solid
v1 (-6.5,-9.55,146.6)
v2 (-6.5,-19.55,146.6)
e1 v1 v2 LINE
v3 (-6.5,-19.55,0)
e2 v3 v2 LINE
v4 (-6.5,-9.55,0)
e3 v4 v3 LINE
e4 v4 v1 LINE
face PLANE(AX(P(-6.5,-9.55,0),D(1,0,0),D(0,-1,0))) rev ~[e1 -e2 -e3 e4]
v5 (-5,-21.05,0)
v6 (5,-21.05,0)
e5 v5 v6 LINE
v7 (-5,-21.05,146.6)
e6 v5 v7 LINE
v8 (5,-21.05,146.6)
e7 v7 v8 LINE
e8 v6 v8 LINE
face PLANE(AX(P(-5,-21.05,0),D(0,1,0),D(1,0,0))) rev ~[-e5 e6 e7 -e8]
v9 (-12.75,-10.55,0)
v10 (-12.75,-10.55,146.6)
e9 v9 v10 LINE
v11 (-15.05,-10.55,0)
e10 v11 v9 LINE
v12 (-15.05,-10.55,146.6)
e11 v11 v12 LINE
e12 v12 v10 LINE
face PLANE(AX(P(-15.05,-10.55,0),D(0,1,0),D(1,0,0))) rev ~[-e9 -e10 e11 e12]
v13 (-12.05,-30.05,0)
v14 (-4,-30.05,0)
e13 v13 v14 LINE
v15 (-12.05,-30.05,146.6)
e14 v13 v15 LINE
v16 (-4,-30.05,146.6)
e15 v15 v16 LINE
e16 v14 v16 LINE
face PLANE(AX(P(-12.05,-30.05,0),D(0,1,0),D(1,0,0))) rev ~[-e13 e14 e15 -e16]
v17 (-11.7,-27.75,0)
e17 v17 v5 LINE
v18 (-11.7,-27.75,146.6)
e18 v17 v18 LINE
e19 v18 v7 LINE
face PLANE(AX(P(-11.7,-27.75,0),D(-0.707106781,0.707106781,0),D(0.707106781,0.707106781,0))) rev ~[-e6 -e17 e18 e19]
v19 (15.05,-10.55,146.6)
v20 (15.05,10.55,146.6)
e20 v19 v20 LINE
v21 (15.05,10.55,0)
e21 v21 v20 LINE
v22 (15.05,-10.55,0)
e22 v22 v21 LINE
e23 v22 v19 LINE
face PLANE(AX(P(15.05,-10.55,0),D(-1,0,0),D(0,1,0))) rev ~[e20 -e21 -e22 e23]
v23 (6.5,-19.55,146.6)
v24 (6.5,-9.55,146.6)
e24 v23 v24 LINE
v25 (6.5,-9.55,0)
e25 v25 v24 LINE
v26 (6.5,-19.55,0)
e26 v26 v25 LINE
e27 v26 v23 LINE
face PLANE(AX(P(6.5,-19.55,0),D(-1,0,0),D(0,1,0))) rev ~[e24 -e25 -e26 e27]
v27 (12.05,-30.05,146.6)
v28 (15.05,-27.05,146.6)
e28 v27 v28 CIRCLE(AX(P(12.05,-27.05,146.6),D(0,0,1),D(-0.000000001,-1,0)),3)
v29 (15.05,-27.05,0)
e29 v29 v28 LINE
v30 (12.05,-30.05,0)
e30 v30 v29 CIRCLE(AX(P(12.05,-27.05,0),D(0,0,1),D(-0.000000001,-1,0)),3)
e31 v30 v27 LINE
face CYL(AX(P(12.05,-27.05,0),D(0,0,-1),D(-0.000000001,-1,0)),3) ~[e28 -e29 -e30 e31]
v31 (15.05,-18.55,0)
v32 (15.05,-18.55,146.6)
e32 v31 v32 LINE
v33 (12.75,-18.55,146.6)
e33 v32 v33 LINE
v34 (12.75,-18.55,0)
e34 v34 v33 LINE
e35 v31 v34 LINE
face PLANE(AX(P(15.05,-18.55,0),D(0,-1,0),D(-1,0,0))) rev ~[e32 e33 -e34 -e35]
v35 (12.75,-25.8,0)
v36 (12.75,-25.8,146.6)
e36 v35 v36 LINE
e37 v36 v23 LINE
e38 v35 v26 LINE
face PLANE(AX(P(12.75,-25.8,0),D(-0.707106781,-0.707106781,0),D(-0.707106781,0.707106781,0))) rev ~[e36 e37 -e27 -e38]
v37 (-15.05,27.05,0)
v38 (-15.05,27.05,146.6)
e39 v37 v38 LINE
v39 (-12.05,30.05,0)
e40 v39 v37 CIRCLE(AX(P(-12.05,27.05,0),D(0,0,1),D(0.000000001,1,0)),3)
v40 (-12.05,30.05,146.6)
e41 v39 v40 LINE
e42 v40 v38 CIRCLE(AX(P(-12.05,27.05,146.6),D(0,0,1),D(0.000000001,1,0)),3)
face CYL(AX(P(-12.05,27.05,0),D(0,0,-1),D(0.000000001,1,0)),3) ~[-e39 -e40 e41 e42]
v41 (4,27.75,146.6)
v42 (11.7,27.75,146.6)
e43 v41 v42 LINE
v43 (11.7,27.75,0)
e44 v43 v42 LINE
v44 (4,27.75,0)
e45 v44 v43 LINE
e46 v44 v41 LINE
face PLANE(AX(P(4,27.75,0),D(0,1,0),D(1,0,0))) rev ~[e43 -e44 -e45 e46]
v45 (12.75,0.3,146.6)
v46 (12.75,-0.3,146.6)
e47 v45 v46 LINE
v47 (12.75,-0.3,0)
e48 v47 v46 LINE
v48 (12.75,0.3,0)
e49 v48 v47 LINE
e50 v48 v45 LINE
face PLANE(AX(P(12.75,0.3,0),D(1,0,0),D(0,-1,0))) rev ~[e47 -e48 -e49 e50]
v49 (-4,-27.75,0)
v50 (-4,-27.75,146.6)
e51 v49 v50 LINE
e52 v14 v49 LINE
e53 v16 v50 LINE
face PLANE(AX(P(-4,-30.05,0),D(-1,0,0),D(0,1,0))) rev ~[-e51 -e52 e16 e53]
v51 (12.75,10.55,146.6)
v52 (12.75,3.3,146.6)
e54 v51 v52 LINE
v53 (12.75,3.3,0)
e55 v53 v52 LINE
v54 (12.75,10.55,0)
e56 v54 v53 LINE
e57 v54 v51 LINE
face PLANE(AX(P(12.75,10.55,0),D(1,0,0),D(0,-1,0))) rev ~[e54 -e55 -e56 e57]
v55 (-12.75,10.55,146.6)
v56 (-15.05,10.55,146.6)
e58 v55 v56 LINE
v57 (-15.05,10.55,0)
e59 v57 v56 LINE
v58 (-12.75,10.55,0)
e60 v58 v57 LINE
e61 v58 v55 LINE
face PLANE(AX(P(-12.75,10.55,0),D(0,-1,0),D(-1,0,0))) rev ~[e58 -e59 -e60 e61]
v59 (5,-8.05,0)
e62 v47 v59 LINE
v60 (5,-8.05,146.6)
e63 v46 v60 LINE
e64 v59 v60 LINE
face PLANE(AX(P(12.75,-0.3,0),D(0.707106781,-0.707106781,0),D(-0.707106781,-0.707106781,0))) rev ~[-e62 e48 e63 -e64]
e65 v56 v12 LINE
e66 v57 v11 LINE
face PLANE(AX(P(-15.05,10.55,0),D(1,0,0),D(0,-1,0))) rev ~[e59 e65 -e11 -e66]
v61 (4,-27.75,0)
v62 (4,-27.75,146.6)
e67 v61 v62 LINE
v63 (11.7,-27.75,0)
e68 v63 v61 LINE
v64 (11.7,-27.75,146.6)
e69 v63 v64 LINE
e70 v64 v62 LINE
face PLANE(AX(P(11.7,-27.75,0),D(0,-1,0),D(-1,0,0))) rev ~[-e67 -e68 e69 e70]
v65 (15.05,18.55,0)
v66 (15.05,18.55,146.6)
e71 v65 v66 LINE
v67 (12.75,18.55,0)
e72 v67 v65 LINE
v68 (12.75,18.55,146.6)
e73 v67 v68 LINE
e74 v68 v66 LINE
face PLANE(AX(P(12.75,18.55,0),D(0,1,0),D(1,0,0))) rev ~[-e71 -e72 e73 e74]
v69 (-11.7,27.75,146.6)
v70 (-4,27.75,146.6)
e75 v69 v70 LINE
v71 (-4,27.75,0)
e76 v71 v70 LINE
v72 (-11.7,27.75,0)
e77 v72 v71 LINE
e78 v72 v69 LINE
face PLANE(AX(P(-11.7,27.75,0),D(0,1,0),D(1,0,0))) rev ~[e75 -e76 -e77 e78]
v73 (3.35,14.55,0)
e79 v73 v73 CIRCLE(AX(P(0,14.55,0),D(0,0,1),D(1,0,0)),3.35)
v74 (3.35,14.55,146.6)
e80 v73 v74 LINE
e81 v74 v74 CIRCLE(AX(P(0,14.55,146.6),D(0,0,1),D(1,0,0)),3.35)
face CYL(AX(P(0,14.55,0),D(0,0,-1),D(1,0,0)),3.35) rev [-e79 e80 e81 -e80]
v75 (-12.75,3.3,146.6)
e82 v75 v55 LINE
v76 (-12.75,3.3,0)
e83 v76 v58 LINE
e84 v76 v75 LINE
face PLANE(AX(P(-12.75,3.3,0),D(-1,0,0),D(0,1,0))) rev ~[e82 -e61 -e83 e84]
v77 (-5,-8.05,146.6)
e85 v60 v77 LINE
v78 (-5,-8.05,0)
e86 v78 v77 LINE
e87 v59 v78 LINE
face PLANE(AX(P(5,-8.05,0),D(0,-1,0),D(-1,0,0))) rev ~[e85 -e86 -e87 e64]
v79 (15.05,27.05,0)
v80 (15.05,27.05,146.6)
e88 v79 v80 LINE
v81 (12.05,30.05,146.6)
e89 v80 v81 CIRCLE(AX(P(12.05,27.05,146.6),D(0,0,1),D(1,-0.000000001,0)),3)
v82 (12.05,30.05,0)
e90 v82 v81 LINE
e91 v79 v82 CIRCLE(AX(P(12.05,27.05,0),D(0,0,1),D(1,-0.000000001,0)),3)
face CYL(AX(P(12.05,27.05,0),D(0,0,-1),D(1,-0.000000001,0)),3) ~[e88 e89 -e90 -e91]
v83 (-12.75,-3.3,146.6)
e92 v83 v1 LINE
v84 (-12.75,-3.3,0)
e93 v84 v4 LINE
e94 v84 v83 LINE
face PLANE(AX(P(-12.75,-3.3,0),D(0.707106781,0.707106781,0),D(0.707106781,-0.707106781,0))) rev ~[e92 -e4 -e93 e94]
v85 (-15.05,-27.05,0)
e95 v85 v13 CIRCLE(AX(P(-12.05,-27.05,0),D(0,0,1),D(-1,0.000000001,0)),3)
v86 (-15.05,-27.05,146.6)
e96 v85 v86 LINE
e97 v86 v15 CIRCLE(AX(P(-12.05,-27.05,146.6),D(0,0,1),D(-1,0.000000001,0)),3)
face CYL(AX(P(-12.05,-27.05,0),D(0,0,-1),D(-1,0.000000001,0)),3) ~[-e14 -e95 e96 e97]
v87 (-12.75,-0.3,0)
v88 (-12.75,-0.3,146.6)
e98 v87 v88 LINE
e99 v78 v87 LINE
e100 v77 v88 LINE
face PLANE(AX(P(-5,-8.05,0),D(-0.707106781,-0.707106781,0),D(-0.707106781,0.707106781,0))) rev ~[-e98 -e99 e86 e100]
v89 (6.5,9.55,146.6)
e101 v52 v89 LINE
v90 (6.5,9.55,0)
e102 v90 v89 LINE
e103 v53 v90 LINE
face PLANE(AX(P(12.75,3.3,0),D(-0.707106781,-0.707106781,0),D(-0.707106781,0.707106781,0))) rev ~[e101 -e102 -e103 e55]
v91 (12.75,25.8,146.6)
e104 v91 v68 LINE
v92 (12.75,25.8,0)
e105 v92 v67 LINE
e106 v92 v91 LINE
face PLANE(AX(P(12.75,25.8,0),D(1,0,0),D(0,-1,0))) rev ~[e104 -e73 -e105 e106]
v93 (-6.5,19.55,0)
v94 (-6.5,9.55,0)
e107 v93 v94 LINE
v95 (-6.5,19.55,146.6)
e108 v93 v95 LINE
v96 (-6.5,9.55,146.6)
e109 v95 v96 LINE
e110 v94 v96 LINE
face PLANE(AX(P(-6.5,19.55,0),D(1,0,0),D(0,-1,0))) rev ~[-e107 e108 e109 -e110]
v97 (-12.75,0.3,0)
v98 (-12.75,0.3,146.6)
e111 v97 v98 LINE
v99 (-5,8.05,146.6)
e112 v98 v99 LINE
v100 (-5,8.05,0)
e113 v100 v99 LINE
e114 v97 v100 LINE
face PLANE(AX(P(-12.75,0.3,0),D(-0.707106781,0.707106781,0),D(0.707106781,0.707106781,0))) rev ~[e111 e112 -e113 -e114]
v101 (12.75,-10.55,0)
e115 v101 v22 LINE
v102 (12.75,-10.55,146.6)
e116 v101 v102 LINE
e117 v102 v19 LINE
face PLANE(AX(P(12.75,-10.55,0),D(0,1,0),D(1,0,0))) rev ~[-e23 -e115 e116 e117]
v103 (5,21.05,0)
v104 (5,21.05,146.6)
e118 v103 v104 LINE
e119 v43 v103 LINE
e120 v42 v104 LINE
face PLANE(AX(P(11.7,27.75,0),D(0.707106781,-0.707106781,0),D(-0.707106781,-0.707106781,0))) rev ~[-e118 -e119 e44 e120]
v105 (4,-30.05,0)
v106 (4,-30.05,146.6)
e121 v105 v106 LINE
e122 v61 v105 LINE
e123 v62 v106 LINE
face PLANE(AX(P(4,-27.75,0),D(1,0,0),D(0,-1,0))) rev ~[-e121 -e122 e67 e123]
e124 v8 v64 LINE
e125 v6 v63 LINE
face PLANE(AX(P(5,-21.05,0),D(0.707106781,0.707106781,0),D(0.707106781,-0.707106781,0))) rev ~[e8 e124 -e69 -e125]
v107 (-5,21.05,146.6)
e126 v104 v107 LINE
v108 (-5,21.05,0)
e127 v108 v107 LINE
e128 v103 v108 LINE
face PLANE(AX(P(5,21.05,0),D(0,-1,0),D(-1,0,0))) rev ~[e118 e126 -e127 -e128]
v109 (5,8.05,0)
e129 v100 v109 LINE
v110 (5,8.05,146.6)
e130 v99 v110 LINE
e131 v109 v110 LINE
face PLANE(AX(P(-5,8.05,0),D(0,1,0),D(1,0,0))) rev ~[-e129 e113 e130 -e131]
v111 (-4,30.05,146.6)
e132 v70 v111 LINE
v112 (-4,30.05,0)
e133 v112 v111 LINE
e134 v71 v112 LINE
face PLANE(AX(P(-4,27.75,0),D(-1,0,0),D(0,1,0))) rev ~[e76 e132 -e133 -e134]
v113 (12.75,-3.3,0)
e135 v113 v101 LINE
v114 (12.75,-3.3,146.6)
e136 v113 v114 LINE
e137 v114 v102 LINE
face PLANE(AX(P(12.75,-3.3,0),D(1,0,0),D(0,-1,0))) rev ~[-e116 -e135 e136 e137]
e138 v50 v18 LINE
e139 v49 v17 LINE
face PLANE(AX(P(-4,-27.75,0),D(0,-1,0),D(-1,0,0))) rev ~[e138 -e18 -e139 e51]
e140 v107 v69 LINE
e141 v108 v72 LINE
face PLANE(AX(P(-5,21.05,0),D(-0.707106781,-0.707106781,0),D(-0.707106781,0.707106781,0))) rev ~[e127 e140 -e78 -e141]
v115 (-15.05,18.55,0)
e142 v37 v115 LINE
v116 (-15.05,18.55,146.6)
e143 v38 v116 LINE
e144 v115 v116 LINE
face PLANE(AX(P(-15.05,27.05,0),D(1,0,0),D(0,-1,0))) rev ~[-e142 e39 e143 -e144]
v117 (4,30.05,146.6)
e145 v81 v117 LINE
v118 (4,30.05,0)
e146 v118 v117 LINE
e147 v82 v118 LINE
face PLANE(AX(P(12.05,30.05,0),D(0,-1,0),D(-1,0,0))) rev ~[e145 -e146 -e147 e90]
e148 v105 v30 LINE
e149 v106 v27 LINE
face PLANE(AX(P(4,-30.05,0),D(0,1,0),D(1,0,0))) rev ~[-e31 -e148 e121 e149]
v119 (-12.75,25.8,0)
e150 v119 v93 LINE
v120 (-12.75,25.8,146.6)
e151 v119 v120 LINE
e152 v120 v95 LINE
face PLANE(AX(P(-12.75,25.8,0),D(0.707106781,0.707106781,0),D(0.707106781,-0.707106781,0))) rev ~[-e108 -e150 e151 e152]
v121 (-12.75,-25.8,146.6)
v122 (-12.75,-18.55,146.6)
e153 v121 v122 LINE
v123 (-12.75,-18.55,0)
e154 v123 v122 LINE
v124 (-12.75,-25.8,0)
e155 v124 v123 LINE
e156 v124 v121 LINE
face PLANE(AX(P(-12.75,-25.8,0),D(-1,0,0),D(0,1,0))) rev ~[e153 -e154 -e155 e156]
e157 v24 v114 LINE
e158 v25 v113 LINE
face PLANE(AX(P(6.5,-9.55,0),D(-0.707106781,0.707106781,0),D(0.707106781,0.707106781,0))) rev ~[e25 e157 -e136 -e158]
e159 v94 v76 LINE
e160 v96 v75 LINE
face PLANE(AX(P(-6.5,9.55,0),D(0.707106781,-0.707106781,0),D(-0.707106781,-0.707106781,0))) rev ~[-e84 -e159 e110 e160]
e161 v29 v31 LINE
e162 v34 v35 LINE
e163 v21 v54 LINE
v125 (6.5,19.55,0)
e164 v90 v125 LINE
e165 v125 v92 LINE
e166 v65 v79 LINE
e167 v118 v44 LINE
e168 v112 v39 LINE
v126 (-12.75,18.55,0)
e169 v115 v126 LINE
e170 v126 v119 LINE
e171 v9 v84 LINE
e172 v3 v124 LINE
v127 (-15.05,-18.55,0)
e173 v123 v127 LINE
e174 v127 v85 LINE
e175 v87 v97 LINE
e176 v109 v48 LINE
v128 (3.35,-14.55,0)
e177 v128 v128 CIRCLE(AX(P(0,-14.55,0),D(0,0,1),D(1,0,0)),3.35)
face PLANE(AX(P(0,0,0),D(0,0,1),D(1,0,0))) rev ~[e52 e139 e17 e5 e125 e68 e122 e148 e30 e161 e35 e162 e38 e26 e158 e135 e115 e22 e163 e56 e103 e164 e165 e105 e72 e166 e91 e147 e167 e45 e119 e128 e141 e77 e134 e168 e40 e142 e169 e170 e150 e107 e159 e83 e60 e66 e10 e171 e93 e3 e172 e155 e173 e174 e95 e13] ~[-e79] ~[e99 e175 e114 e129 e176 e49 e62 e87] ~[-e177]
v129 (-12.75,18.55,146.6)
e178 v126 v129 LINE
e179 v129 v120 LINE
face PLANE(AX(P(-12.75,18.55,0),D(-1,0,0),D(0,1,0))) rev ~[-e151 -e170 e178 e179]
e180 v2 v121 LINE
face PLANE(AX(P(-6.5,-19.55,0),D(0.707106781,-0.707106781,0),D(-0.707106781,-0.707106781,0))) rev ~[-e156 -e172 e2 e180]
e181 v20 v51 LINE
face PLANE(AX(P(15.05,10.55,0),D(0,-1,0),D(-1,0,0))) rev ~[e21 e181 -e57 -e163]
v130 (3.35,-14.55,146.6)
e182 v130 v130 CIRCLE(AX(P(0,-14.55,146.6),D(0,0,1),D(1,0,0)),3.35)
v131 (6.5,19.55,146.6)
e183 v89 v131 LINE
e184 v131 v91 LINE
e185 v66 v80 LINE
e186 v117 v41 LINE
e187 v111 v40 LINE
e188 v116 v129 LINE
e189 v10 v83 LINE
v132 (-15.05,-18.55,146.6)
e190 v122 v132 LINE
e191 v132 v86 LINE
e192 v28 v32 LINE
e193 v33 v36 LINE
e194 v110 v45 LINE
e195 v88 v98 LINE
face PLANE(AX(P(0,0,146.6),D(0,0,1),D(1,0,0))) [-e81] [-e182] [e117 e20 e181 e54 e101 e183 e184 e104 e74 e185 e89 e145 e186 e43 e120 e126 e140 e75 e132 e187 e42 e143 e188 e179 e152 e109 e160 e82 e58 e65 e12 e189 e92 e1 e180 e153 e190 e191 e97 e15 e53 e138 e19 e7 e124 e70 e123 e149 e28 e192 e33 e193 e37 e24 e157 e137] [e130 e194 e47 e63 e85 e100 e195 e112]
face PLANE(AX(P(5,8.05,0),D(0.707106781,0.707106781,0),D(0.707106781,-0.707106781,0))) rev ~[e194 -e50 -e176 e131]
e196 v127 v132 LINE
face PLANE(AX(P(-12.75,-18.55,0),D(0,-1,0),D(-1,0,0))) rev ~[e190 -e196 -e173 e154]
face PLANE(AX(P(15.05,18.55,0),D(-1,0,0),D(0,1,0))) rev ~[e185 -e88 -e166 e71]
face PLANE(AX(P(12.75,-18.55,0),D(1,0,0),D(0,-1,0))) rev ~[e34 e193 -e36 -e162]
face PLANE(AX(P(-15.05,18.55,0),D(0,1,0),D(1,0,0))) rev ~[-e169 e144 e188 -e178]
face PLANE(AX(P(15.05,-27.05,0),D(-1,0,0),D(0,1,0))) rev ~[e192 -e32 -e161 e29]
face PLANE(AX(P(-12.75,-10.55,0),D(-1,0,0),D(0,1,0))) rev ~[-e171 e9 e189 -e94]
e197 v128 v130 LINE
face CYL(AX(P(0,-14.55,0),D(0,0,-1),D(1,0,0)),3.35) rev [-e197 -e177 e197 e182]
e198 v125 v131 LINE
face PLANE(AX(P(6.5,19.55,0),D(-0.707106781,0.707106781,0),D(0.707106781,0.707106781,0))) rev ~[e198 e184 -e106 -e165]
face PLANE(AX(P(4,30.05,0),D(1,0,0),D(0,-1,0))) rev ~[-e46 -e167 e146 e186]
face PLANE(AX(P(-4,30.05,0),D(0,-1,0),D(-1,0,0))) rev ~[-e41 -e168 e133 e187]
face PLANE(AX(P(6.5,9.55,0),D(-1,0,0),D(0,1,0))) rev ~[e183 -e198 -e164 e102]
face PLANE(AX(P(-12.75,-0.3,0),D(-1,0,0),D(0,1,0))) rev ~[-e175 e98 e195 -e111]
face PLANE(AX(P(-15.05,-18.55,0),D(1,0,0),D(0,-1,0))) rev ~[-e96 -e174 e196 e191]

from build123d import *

# Parameters (mm, degrees)
CROQUIS1_R              = 3.35
SALIENTE_EXTRUIR1_DEPTH = 146.6


with BuildPart() as part:
    # Croquis1 → Saliente-Extruir1 (new body)
    with BuildSketch(Plane.XY):
        with BuildLine():
            Line((-12.05, -30.05), (-4, -30.05))
            Line((-4, -30.05), (-4, -27.75))
            Line((-4, -27.75), (-11.7, -27.75))
            Line((-11.7, -27.75), (-5, -21.05))
            Line((-5, -21.05), (5, -21.05))
            Line((5, -21.05), (11.7, -27.75))
            Line((11.7, -27.75), (4, -27.75))
            Line((4, -27.75), (4, -30.05))
            Line((4, -30.05), (12.05, -30.05))
            ThreePointArc((12.05, -30.05), (14.171320344, -29.171320344), (15.05, -27.05))
            Line((15.05, -27.05), (15.05, -18.55))
            Line((15.05, -18.55), (12.75, -18.55))
            Line((12.75, -18.55), (12.75, -25.8))
            Line((12.75, -25.8), (6.5, -19.55))
            Line((6.5, -19.55), (6.5, -9.55))
            Line((6.5, -9.55), (12.75, -3.3))
            Line((12.75, -3.3), (12.75, -10.55))
            Line((12.75, -10.55), (15.05, -10.55))
            Line((15.05, -10.55), (15.05, 10.55))
            Line((15.05, 10.55), (12.75, 10.55))
            Line((12.75, 10.55), (12.75, 3.3))
            Line((12.75, 3.3), (6.5, 9.55))
            Line((6.5, 9.55), (6.5, 19.55))
            Line((6.5, 19.55), (12.75, 25.8))
            Line((12.75, 25.8), (12.75, 18.55))
            Line((12.75, 18.55), (15.05, 18.55))
            Line((15.05, 18.55), (15.05, 27.05))
            ThreePointArc((15.05, 27.05), (14.171320344, 29.171320344), (12.05, 30.05))
            Line((12.05, 30.05), (4, 30.05))
            Line((4, 30.05), (4, 27.75))
            Line((4, 27.75), (11.7, 27.75))
            Line((11.7, 27.75), (5, 21.05))
            Line((5, 21.05), (-5, 21.05))
            Line((-5, 21.05), (-11.7, 27.75))
            Line((-11.7, 27.75), (-4, 27.75))
            Line((-4, 27.75), (-4, 30.05))
            Line((-4, 30.05), (-12.05, 30.05))
            ThreePointArc((-12.05, 30.05), (-14.171320344, 29.171320344), (-15.05, 27.05))
            Line((-15.05, 27.05), (-15.05, 18.55))
            Line((-15.05, 18.55), (-12.75, 18.55))
            Line((-12.75, 18.55), (-12.75, 25.8))
            Line((-12.75, 25.8), (-6.5, 19.55))
            Line((-6.5, 19.55), (-6.5, 9.55))
            Line((-6.5, 9.55), (-12.75, 3.3))
            Line((-12.75, 3.3), (-12.75, 10.55))
            Line((-12.75, 10.55), (-15.05, 10.55))
            Line((-15.05, 10.55), (-15.05, -10.55))
            Line((-15.05, -10.55), (-12.75, -10.55))
            Line((-12.75, -10.55), (-12.75, -3.3))
            Line((-12.75, -3.3), (-6.5, -9.55))
            Line((-6.5, -9.55), (-6.5, -19.55))
            Line((-6.5, -19.55), (-12.75, -25.8))
            Line((-12.75, -25.8), (-12.75, -18.55))
            Line((-12.75, -18.55), (-15.05, -18.55))
            Line((-15.05, -18.55), (-15.05, -27.05))
            ThreePointArc((-15.05, -27.05), (-14.171320344, -29.171320344), (-12.05, -30.05))
        make_face()
        with Locations((0, 14.55)):
            Circle(CROQUIS1_R, mode=Mode.SUBTRACT)
        with Locations((0, -14.55)):
            Circle(CROQUIS1_R, mode=Mode.SUBTRACT)
        Polygon((-5, 8.05), (5, 8.05), (11.7, 1.35), (12.75, 0.3), (12.75, -0.3), (11.7, -1.35), (5, -8.05), (-5, -8.05), (-11.7, -1.35), (-12.75, -0.3), (-12.75, 0.3), (-11.7, 1.35), align=None, mode=Mode.SUBTRACT)
    extrude(amount=SALIENTE_EXTRUIR1_DEPTH)


solid = part.part
